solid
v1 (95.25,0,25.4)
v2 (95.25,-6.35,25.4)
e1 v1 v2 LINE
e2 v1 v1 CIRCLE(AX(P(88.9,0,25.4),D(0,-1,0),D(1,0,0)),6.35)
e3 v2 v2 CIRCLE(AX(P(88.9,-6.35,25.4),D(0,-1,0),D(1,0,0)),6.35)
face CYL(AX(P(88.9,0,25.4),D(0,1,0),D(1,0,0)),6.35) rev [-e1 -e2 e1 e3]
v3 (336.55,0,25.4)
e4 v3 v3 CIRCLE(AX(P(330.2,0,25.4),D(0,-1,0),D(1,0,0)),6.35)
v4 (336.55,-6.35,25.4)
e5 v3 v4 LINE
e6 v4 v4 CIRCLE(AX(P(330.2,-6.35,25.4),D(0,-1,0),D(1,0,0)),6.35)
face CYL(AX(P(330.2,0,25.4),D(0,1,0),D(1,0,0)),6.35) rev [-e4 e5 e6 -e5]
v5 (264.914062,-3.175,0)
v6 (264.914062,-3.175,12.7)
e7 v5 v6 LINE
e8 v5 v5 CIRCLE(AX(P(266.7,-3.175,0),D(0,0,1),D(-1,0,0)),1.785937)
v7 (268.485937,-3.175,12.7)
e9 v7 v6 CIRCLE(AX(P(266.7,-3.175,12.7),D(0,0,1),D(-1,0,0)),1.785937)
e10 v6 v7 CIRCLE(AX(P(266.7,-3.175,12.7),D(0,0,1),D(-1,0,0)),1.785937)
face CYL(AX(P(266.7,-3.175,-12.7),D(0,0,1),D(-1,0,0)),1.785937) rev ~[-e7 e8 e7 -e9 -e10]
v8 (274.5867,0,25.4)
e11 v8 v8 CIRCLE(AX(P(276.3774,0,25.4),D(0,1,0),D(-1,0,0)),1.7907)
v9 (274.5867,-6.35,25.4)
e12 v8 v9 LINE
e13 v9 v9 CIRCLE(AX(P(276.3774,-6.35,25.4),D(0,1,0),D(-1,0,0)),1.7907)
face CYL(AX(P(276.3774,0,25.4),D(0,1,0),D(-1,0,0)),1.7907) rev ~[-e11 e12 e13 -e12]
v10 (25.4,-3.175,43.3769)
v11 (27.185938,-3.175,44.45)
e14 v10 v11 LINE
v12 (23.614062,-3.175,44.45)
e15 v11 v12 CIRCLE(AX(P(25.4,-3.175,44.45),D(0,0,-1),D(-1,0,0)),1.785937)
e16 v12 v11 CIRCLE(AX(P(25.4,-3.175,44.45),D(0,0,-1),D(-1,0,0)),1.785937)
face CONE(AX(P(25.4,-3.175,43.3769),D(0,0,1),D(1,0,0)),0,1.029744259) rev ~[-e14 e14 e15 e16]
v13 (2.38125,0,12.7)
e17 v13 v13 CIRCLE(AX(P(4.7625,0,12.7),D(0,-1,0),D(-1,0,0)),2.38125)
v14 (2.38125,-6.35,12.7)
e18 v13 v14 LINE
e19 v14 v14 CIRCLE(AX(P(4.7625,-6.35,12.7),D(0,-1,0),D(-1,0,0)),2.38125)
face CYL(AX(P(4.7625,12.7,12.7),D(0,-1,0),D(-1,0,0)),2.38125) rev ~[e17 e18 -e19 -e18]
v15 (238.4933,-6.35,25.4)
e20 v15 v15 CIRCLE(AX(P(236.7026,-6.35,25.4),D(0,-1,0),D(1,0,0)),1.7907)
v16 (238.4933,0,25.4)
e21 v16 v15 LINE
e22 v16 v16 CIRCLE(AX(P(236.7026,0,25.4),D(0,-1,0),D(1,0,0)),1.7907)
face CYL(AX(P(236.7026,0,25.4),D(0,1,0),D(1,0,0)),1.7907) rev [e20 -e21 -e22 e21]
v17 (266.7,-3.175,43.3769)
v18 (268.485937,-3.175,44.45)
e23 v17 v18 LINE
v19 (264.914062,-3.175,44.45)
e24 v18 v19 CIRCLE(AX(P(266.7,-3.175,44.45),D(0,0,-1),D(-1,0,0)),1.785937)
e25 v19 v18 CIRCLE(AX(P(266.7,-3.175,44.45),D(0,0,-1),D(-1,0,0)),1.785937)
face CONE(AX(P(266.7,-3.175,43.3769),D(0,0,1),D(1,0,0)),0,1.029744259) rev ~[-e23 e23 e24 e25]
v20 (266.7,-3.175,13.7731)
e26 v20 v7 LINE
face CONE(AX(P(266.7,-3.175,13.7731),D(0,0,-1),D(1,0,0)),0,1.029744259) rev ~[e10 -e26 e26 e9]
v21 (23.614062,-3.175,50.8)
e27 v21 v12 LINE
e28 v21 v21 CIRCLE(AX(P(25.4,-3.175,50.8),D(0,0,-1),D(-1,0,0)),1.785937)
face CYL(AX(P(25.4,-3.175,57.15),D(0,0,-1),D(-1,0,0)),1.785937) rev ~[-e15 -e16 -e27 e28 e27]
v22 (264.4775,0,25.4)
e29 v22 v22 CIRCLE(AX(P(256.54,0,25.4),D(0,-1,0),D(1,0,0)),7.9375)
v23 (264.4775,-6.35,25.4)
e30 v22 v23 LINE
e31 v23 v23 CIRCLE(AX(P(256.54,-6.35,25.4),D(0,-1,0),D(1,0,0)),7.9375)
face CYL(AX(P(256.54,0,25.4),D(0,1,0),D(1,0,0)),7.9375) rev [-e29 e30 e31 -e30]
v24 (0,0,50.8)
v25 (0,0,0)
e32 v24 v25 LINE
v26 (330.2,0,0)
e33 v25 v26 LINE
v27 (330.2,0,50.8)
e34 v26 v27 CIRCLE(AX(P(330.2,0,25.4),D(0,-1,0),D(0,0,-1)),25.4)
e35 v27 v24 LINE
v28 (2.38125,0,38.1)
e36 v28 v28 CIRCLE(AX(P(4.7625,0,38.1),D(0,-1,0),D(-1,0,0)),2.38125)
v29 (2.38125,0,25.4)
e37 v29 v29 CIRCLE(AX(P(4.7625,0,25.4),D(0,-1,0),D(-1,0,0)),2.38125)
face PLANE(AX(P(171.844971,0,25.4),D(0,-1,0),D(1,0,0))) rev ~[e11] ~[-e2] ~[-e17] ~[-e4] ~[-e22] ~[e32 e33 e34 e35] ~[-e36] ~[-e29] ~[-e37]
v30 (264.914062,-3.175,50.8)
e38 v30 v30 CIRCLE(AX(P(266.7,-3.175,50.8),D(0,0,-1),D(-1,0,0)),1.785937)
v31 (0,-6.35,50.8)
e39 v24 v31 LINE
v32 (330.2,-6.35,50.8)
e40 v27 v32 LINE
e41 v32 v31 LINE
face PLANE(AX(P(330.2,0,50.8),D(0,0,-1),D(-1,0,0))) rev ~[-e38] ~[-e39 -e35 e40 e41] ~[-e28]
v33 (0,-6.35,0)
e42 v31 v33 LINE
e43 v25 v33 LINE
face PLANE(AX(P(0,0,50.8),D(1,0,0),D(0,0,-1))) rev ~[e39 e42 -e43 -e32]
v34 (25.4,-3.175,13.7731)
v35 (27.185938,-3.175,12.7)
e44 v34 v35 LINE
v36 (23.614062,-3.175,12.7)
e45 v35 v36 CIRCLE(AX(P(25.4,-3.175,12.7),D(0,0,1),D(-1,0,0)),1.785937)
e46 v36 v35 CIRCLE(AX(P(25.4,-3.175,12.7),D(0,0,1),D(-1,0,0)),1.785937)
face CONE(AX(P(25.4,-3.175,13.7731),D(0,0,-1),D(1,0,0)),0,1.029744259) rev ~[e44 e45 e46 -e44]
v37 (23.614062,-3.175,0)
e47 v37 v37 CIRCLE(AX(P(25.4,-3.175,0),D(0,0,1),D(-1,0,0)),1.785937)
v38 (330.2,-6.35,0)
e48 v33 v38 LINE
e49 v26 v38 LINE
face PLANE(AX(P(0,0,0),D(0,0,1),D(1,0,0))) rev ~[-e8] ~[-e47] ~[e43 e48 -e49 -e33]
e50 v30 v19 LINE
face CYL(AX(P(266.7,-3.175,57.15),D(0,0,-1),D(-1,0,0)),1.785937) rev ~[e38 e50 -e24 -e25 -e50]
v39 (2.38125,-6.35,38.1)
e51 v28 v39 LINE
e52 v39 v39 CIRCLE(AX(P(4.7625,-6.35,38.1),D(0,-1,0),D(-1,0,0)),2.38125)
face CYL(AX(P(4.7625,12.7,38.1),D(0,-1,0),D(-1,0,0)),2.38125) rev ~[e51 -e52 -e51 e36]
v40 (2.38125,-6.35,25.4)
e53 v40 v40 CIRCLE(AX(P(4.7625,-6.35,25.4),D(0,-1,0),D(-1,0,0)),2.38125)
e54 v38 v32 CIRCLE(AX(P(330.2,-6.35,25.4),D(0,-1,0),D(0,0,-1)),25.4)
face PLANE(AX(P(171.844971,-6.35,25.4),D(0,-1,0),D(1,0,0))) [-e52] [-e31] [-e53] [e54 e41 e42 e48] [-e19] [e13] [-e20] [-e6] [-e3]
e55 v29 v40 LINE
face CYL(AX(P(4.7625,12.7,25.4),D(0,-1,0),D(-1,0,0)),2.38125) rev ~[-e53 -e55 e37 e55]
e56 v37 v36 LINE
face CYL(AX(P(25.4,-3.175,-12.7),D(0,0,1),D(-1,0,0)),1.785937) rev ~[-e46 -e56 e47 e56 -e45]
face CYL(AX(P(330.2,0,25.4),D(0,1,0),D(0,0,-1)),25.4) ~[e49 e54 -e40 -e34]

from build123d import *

# Parameters (mm, degrees)
F0_R      = 6.35
F0_R_2    = 1.7907
F0_R_3    = 7.9375
F1_DEPTH  = 6.35
F2_D      = 4.7625
F2_DEPTH  = 12.7
F2_TIP    = 1.4307993491
F3_D      = 4.7625
F3_DEPTH  = 12.7
F3_TIP    = 1.4307993491
F4_D      = 4.7625
F4_DEPTH  = 12.7
F4_TIP    = 1.4307993491
F6_D      = 3.571875
F6_DEPTH  = 12.7
F6_TIP    = 1.0730995118
F7_D      = 3.571875
F7_DEPTH  = 12.7
F7_TIP    = 1.0730995118
F9_D      = 3.571875
F9_DEPTH  = 6.35
F9_TIP    = 1.0730995118
F10_D     = 3.571875
F10_DEPTH = 6.35
F10_TIP   = 1.0730995118


with BuildPart() as f1:
    # F0 (on Front) → F1 (new body)
    with BuildSketch(Plane.XZ):
        with BuildLine():
            Line((0, 50.8), (0, 0))
            Line((0, 0), (330.2, 0))
            ThreePointArc((330.2, 0), (355.6, 25.4), (330.2, 50.8))
            Line((330.2, 50.8), (0, 50.8))
        make_face()
        with Locations((88.9, 25.4)):
            Circle(F0_R, mode=Mode.SUBTRACT)
        with Locations((236.7026, 25.4)):
            Circle(F0_R_2, mode=Mode.SUBTRACT)
        with Locations((256.54, 25.4)):
            Circle(F0_R_3, mode=Mode.SUBTRACT)
        with BuildLine():
            ThreePointArc((278.1681, 25.4), (276.3774, 23.6093), (274.5867, 25.4))
            ThreePointArc((274.5867, 25.4), (276.3774, 27.1907), (278.1681, 25.4))
        make_face(mode=Mode.SUBTRACT)
        with Locations((330.2, 25.4)):
            Circle(F0_R, mode=Mode.SUBTRACT)
    extrude(amount=F1_DEPTH)

    # F2
    with Locations(Plane(origin=(0, 0, 0), x_dir=(1, 0, 0), z_dir=(0, 1, 0))):
        with Locations((4.7625, -25.4)):
            Hole(F2_D / 2, depth=F2_DEPTH)
            with Locations((0, 0, -(F2_DEPTH + F2_TIP / 2))):  # 118° drill point
                Cone(0, F2_D / 2, F2_TIP, mode=Mode.SUBTRACT)

    # F3
    with Locations(Plane(origin=(0, 0, 0), x_dir=(1, 0, 0), z_dir=(0, 1, 0))):
        with Locations((4.7625, -12.7)):
            Hole(F3_D / 2, depth=F3_DEPTH)
            with Locations((0, 0, -(F3_DEPTH + F3_TIP / 2))):  # 118° drill point
                Cone(0, F3_D / 2, F3_TIP, mode=Mode.SUBTRACT)

    # F4
    with Locations(Plane(origin=(0, 0, 0), x_dir=(1, 0, 0), z_dir=(0, 1, 0))):
        with Locations((4.7625, -38.1)):
            Hole(F4_D / 2, depth=F4_DEPTH)
            with Locations((0, 0, -(F4_DEPTH + F4_TIP / 2))):  # 118° drill point
                Cone(0, F4_D / 2, F4_TIP, mode=Mode.SUBTRACT)

    # F6
    with Locations(Plane(origin=(0, 0, 0), x_dir=(1, 0, 0), z_dir=(0, 0, -1))):
        with Locations((266.7, 3.175)):
            Hole(F6_D / 2, depth=F6_DEPTH)
            with Locations((0, 0, -(F6_DEPTH + F6_TIP / 2))):  # 118° drill point
                Cone(0, F6_D / 2, F6_TIP, mode=Mode.SUBTRACT)

    # F7
    with Locations(Plane(origin=(0, 0, 0), x_dir=(1, 0, 0), z_dir=(0, 0, -1))):
        with Locations((25.4, 3.175)):
            Hole(F7_D / 2, depth=F7_DEPTH)
            with Locations((0, 0, -(F7_DEPTH + F7_TIP / 2))):  # 118° drill point
                Cone(0, F7_D / 2, F7_TIP, mode=Mode.SUBTRACT)

    # F9
    with Locations(Plane.XY.offset(50.8)):
        with Locations((266.7, -3.175)):
            Hole(F9_D / 2, depth=F9_DEPTH)
            with Locations((0, 0, -(F9_DEPTH + F9_TIP / 2))):  # 118° drill point
                Cone(0, F9_D / 2, F9_TIP, mode=Mode.SUBTRACT)

    # F10
    with Locations(Plane.XY.offset(50.8)):
        with Locations((25.4, -3.175)):
            Hole(F10_D / 2, depth=F10_DEPTH)
            with Locations((0, 0, -(F10_DEPTH + F10_TIP / 2))):  # 118° drill point
                Cone(0, F10_D / 2, F10_TIP, mode=Mode.SUBTRACT)


solid = f1.part
